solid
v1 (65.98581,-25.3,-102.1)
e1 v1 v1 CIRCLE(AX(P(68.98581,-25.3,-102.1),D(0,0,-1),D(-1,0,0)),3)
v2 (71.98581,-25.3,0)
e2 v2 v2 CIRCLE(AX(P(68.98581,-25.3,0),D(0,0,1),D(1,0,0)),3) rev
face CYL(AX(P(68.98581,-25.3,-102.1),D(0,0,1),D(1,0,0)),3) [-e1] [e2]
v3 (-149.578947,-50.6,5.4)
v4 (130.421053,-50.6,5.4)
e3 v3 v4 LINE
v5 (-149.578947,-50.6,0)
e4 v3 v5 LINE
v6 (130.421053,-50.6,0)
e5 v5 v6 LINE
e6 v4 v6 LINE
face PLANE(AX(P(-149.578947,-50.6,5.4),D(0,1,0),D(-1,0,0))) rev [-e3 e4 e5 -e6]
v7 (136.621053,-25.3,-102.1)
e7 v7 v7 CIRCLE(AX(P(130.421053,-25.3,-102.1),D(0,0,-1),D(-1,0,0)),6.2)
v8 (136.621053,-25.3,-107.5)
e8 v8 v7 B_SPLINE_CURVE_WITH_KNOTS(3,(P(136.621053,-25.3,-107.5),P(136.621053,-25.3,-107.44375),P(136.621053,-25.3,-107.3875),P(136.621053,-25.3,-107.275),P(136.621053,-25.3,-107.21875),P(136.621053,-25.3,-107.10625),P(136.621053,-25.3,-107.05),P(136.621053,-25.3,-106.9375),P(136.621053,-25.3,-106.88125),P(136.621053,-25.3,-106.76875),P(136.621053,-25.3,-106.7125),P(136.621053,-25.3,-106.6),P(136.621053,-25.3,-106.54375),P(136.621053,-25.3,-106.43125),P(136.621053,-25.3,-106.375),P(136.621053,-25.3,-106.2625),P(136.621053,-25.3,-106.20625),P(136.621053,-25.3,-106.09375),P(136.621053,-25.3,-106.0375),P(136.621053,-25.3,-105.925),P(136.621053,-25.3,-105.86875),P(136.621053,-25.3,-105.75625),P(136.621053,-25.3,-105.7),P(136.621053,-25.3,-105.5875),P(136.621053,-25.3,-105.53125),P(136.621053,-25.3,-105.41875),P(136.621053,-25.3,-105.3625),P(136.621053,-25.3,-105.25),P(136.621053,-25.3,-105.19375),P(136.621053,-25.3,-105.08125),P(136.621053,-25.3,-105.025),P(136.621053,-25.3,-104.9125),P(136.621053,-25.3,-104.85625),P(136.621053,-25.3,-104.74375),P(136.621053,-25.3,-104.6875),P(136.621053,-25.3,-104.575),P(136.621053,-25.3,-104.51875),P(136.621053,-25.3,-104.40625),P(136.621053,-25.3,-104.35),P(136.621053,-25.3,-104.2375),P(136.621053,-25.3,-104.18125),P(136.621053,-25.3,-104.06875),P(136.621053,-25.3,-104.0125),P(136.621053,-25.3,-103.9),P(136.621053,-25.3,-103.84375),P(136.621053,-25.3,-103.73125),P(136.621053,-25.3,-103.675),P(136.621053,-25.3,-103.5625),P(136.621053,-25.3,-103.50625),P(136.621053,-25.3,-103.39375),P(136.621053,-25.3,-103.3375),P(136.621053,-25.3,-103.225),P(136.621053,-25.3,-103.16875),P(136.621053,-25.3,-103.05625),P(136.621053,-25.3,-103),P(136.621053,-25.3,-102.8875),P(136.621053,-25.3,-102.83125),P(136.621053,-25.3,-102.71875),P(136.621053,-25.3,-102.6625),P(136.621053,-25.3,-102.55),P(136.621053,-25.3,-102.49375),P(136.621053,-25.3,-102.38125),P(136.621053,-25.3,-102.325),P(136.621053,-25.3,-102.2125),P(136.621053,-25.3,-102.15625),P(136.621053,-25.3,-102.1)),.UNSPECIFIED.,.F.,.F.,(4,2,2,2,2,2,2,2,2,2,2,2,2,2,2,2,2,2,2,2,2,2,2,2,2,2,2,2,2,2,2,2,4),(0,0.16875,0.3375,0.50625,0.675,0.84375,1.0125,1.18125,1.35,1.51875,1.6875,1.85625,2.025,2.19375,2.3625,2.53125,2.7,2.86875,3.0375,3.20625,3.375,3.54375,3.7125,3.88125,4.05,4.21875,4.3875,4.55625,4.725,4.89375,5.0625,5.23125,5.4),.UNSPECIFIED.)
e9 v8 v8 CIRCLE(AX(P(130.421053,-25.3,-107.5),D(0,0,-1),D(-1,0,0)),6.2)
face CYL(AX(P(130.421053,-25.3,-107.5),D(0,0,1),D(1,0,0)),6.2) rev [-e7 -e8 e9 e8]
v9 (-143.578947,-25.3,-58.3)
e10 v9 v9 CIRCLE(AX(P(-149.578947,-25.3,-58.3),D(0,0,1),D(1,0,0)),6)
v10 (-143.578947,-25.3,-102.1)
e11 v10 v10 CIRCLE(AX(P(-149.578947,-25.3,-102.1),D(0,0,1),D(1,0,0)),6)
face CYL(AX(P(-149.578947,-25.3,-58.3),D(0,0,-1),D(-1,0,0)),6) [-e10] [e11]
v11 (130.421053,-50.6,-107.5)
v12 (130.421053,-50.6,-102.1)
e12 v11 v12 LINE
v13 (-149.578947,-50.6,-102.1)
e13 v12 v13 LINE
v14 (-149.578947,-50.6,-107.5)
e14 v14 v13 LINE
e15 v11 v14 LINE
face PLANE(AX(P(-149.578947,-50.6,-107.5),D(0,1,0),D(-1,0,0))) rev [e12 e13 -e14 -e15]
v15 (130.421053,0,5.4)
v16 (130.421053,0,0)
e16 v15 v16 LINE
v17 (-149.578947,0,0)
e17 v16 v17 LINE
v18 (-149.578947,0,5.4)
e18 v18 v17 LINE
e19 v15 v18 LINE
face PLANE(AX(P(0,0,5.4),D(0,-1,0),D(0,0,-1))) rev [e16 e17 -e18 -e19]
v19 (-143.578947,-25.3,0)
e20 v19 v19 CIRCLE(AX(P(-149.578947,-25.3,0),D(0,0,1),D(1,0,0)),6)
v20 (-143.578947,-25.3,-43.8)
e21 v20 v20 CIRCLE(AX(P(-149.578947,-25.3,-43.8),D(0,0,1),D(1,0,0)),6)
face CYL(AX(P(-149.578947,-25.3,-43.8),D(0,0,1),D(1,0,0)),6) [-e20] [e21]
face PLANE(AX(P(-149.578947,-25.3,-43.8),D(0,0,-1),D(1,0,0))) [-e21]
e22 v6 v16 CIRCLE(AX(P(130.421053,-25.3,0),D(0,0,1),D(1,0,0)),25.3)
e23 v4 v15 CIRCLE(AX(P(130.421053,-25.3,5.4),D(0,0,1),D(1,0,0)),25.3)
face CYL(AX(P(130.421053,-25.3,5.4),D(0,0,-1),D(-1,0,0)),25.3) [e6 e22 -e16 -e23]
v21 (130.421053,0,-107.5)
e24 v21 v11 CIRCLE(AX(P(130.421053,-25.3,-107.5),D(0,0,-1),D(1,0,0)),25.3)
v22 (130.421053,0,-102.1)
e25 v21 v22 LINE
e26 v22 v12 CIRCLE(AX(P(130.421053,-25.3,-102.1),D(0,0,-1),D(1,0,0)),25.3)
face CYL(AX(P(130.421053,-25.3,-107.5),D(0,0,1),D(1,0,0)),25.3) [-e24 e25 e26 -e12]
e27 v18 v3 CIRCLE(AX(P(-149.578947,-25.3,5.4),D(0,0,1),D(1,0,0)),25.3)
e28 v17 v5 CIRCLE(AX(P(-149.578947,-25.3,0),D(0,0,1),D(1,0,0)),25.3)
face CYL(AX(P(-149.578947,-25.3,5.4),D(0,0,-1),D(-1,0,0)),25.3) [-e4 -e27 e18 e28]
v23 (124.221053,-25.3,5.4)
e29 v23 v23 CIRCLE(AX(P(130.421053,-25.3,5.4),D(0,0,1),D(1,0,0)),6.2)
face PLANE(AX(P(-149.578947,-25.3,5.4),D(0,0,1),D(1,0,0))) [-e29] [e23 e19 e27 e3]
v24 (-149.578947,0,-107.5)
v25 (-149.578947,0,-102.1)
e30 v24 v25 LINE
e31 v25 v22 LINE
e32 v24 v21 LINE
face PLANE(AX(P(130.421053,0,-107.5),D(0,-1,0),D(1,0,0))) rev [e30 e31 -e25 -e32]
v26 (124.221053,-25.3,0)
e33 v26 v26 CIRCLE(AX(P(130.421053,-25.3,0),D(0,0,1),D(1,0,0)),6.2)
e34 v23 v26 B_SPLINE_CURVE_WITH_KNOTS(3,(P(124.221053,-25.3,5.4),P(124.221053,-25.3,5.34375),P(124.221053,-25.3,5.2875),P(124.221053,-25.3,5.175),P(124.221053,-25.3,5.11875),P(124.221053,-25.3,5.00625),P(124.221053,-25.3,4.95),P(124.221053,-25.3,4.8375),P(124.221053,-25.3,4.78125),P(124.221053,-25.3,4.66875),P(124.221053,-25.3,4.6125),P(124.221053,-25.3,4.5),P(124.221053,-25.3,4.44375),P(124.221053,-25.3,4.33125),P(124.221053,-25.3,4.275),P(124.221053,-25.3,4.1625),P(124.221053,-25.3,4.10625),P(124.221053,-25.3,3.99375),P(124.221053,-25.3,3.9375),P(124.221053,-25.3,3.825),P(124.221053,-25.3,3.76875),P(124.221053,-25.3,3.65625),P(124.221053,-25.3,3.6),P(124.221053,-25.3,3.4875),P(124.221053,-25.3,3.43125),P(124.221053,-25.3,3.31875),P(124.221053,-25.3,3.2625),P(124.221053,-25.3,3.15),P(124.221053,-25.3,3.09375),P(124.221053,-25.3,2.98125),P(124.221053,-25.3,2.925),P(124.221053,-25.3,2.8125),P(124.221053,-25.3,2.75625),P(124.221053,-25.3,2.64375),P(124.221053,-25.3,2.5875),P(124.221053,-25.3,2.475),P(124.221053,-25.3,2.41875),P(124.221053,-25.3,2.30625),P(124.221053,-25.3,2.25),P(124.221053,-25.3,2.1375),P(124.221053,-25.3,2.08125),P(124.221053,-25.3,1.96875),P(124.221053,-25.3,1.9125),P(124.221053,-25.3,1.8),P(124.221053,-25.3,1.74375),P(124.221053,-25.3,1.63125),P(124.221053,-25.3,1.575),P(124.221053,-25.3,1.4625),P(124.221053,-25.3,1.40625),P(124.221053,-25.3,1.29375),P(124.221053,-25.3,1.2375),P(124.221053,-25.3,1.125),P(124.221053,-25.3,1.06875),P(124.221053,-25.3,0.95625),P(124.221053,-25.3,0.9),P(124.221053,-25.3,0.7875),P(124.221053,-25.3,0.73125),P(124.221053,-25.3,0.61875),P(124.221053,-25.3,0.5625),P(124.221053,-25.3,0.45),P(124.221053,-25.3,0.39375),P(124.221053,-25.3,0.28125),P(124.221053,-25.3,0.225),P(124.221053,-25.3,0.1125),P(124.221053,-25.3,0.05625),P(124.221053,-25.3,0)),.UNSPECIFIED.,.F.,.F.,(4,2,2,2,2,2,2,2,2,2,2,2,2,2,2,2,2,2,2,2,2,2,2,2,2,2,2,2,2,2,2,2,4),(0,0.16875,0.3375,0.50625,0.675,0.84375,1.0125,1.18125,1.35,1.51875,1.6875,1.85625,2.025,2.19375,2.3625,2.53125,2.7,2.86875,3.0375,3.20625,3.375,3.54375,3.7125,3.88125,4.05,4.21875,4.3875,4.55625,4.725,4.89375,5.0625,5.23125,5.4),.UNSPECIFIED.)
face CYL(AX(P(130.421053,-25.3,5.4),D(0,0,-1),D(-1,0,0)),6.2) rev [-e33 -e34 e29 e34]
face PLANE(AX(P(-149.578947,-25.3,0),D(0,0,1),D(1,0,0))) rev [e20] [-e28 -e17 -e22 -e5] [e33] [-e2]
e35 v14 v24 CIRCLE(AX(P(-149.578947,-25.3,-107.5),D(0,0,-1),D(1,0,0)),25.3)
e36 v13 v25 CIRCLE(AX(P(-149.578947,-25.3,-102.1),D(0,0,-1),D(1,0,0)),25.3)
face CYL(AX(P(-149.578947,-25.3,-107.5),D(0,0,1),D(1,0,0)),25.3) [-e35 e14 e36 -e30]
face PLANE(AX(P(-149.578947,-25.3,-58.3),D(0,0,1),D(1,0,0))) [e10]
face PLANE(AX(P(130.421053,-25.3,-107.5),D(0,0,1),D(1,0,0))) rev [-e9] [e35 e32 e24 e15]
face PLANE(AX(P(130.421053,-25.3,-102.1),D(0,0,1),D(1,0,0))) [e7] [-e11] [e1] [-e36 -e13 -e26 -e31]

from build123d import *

# Parameters (mm, degrees)
SKETCH1_R           = 6.2
BOSS_EXTRUDE1_DEPTH = 5.4
SKETCH2_R           = 3
BOSS_EXTRUDE3_DEPTH = 102.1
BOSS_EXTRUDE4_START = 5.4
SKETCH4_R           = 6.2
BOSS_EXTRUDE4_DEPTH = 5.4
SKETCH5_R           = 6
BOSS_EXTRUDE5_DEPTH = 43.8


with BuildPart() as part:
    # Sketch1 → Boss-Extrude1 (new body)
    with BuildSketch(Plane.XY):
        with BuildLine():
            Line((0, 0), (-149.578947368, 0))
            ThreePointArc((-149.578947368, 0), (-174.878947368, -25.3), (-149.578947368, -50.6))
            Line((-149.578947368, -50.6), (130.421052632, -50.6))
            ThreePointArc((130.421052632, -50.6), (155.721052632, -25.3), (130.421052632, 0))
            Line((130.421052632, 0), (0, 0))
        make_face()
        with Locations(Location((130.421052632, -25.3, 0), (0, 0, 180))):
            Circle(SKETCH1_R, mode=Mode.SUBTRACT)
    extrude(amount=BOSS_EXTRUDE1_DEPTH)

    # Sketch2 → Boss-Extrude3 (add)
    with BuildSketch(Plane(origin=(0, 0, 0), x_dir=(-1, 0, 0), z_dir=(0, 0, -1))):
        with Locations(Location((-68.985809966, -25.3, 0), (0, 0, 180))):
            Circle(SKETCH2_R)
    extrude(amount=BOSS_EXTRUDE3_DEPTH)

    # Sketch4 → Boss-Extrude4 (add)
    with BuildSketch(Plane(origin=(0, 0, -102.1), x_dir=(-1, 0, 0), z_dir=(0, 0, -1)).offset(BOSS_EXTRUDE4_START)):
        with BuildLine():
            Line((-130.421052632, 0), (149.578947368, 0))
            ThreePointArc((149.578947368, 0), (174.878947368, -25.3), (149.578947368, -50.6))
            Line((149.578947368, -50.6), (-130.421052632, -50.6))
            ThreePointArc((-130.421052632, -50.6), (-155.721052632, -25.3), (-130.421052632, 0))
        make_face()
        with Locations((-130.421052632, -25.3)):
            Circle(SKETCH4_R, mode=Mode.SUBTRACT)
    extrude(amount=-BOSS_EXTRUDE4_DEPTH)

    # Sketch5 → Boss-Extrude5 (add)
    with BuildSketch(Plane.XY.offset(-102.1)):
        with Locations((-149.578947368, -25.3)):
            Circle(SKETCH5_R)
    boss_extrude5 = extrude(amount=BOSS_EXTRUDE5_DEPTH)

    # Mirror1: Boss-Extrude5 across plane
    add(boss_extrude5.mirror(Plane.XY.offset(-51.05)))


solid = part.part
